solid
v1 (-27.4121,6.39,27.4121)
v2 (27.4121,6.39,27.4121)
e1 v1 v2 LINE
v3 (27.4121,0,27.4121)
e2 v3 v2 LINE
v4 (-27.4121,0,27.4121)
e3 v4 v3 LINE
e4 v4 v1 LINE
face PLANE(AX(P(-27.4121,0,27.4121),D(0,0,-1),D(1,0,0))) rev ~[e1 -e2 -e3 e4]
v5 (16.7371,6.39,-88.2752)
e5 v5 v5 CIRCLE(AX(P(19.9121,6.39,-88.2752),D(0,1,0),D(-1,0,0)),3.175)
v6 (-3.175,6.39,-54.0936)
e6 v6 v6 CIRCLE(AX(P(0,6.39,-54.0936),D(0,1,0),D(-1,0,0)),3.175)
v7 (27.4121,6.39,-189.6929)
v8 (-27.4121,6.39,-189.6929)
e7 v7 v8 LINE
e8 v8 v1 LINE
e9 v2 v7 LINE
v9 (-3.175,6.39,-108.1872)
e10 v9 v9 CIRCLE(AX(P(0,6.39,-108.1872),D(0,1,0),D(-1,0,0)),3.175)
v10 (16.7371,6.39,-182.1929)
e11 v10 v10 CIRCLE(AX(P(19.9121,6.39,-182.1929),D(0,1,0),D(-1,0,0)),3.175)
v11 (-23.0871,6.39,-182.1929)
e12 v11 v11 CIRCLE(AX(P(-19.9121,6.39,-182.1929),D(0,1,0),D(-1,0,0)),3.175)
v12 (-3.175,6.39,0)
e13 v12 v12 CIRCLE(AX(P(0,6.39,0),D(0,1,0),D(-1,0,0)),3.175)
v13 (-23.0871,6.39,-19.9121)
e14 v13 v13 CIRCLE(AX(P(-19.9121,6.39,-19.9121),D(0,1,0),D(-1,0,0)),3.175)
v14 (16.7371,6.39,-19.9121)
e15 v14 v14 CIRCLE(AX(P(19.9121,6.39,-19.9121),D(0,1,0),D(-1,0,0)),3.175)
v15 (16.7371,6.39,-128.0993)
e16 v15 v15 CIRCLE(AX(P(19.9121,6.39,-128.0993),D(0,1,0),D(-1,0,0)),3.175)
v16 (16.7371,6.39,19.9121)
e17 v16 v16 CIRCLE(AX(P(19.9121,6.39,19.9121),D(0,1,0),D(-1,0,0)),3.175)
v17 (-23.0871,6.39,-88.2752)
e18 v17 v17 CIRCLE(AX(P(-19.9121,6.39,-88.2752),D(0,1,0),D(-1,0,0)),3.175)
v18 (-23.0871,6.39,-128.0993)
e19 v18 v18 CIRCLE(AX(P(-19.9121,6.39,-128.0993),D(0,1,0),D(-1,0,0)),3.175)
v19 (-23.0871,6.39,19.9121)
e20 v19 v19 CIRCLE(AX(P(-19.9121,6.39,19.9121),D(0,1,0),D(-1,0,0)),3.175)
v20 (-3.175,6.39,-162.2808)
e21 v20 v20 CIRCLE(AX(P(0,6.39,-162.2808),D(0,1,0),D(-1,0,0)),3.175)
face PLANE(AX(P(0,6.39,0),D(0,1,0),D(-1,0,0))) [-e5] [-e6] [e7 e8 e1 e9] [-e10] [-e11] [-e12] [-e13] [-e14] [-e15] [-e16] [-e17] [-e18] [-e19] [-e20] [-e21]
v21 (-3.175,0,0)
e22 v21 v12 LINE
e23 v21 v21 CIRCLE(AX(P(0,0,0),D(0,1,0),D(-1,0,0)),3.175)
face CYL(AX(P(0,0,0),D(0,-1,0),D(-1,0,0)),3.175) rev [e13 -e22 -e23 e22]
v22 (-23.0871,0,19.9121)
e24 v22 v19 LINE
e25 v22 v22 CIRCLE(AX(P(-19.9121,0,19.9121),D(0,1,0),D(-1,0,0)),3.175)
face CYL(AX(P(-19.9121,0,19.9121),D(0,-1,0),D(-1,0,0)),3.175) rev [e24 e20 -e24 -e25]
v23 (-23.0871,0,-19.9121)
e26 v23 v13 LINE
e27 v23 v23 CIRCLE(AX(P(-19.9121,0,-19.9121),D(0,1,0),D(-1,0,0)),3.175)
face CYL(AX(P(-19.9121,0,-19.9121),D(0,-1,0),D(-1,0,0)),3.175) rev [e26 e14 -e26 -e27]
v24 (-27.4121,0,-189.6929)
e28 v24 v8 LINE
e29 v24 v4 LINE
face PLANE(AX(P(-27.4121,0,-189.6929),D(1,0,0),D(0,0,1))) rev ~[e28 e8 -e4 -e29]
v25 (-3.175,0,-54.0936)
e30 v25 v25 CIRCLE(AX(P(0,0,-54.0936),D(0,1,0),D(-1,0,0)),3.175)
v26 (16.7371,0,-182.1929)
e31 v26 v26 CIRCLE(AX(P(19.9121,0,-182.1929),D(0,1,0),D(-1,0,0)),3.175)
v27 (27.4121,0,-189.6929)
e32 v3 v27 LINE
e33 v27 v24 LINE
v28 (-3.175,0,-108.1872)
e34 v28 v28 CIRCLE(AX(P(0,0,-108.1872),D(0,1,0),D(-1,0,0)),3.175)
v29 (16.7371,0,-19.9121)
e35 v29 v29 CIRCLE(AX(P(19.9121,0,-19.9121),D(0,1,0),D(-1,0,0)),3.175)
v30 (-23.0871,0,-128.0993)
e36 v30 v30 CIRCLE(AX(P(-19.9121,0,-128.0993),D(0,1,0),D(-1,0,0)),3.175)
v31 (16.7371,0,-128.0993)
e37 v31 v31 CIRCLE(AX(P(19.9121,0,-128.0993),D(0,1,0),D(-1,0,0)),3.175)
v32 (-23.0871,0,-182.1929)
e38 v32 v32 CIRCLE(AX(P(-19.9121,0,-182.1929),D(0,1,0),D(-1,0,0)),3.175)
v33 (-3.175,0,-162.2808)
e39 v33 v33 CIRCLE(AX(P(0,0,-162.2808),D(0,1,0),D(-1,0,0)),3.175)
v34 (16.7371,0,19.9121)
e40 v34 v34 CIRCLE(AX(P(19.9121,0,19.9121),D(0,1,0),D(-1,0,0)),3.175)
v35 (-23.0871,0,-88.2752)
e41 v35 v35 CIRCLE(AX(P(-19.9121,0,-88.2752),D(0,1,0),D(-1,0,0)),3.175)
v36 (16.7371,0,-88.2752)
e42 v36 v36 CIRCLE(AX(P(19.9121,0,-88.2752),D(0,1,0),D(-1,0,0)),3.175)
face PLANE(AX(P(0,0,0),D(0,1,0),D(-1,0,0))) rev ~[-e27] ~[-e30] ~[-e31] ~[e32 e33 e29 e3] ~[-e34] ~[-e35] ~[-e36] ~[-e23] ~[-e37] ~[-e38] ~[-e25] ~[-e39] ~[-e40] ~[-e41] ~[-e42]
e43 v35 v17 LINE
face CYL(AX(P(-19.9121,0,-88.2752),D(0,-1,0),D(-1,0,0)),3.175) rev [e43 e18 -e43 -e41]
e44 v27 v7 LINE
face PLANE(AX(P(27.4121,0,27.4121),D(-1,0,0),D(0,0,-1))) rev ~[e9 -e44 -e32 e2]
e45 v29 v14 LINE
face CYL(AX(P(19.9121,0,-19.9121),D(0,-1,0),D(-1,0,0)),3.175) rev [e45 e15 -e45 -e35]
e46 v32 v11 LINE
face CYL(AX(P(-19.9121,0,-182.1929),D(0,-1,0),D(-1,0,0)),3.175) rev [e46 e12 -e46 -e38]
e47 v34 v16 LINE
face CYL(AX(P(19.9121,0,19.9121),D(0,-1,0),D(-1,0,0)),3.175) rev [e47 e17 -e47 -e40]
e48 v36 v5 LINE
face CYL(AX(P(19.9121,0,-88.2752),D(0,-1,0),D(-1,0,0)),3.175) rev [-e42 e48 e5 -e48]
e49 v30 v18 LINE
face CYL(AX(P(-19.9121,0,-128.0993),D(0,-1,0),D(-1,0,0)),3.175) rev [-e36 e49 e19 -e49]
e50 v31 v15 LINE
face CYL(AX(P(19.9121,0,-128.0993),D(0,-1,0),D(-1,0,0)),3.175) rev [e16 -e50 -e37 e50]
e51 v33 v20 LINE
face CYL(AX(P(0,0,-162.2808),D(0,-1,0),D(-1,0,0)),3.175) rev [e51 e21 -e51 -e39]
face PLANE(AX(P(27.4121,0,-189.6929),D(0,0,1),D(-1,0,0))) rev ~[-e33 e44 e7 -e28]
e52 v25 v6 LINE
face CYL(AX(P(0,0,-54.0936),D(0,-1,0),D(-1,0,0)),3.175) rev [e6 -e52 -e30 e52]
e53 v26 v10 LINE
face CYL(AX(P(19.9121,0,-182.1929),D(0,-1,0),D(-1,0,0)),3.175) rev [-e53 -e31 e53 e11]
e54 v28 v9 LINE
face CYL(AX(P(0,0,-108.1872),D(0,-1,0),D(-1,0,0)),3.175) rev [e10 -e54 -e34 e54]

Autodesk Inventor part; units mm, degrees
ref_plane "YZ Plane" through (0, 0, 0) normal (1, 0, 0) x (0, 1, 0)
ref_plane "XZ Plane" through (0, 0, 0) normal (0, 1, 0) x (-1, 0, 0)
ref_plane "XY Plane" through (0, 0, 0) normal (0, 0, 1) x (1, 0, 0)
sketch "Sketch1" plane through (0, 0, 0) normal (0, 1, 0) x (-1, 0, 0)
  circle A0 centre (0, 0) radius 21.4121 construction
  circle A1 centre (0, 0) radius 16.9043 construction
  circle A2 centre (0, 0) radius 3.175
  circle A3 centre (0, 0) radius 22.4121 construction
  circle A4 centre (0, -54.0936) radius 3.175
  circle A5 centre (0, -108.1872) radius 3.175
  circle A6 centre (0, -162.2808) radius 3.175
  circle A7 centre (0, -54.0936) radius 20.2851 construction
  circle A8 centre (0, -54.0936) radius 21.2851 construction
  circle A9 centre (0, -108.1872) radius 19.6089 construction
  circle A10 centre (0, -108.1872) radius 20.6089 construction
  circle A11 centre (0, -162.2808) radius 19.1582 construction
  circle A12 centre (0, -162.2808) radius 20.1582 construction
  line L0 (27.4121, 27.4121) -> (-27.4121, 27.4121)
  line L1 (-27.4121, 27.4121) -> (-27.4121, -189.6929)
  line L2 (-27.4121, -189.6929) -> (27.4121, -189.6929)
  line L3 (27.4121, -189.6929) -> (27.4121, 27.4121)
  circle A13 centre (-19.9121, 19.9121) radius 3.175
  circle A14 centre (19.9121, 19.9121) radius 3.175
  line L4 (0, 0) -> (-27.4121, 0) construction
  circle A15 centre (-19.9121, -19.9121) radius 3.175
  circle A16 centre (19.9121, -19.9121) radius 3.175
  line L5 (0, -54.0936) -> (-27.4121, -54.0936) construction
  circle A17 centre (19.9121, -88.2752) radius 3.175
  circle A18 centre (-19.9121, -88.2752) radius 3.175
  line L6 (0, -108.1872) -> (-27.4121, -108.1872) construction
  circle A19 centre (19.9121, -128.0993) radius 3.175
  circle A20 centre (-19.9121, -128.0993) radius 3.175
  line L7 (0, -162.2808) -> (-27.4121, -162.2808) construction
  circle A21 centre (19.9121, -182.1929) radius 3.175
  line L8 (0, -162.2808) -> (0, -189.6929) construction
  circle A22 centre (-19.9121, -182.1929) radius 3.175
  dimension "d1" = 42.8241
  dimension "d2" = 33.8085
  dimension "d4" = 6.35
  dimension "d11" = 44.8241
  dimension "d12" = 6.35
  dimension "d13" = 6.35
  dimension "d14" = 6.35
  dimension "d15" = 54.0936
  dimension "d16" = 54.0936
  dimension "d17" = 54.0936
  dimension "d18" = 40.5702
  dimension "d19" = 42.5702
  dimension "d20" = 39.2179
  dimension "d21" = 41.2179
  dimension "d22" = 38.3163
  dimension "d23" = 40.3163
  dimension "d31" = 27.4121
  dimension "d32" = 27.4121
  dimension "d33" = 27.4121
  dimension "d34" = 27.4121
  dimension "d37" = 6.35
  dimension "d38" = 7.5
  dimension "d39" = 7.5
  dimension "d40" = 6.35
  dimension "d41" = 7.5
  dimension "d50" = 6.35
  dimension "d51" = 7.5
extrude "Extrusion4" add sketch "Sketch1" along normal blind 6.39
equation "\"d1\" = 0.95 * d0"
equation "\"d2\" = 0.75 * d0"
equation "\"d12\" = d4"
equation "\"d13\" = d4"
equation "\"d14\" = d4"
equation "\"d15\" = 1.2 * d0"
equation "\"d16\" = d15"
equation "\"d17\" = d15"
equation "\"d18\" = 0.9 * d0"
equation "\"d20\" = 0.87 * d0"
equation "\"d22\" = 0.85 * d0"
equation "\"d32\" = d31"
equation "\"d33\" = d31"
equation "\"d34\" = d31"
equation "\"d54\" = WoodThickness"
equation "\"d0\" = 45.078"
equation "\"WoodThickness\" = 6.39"
properties part number "CouplingHeadSilicone_Base"
